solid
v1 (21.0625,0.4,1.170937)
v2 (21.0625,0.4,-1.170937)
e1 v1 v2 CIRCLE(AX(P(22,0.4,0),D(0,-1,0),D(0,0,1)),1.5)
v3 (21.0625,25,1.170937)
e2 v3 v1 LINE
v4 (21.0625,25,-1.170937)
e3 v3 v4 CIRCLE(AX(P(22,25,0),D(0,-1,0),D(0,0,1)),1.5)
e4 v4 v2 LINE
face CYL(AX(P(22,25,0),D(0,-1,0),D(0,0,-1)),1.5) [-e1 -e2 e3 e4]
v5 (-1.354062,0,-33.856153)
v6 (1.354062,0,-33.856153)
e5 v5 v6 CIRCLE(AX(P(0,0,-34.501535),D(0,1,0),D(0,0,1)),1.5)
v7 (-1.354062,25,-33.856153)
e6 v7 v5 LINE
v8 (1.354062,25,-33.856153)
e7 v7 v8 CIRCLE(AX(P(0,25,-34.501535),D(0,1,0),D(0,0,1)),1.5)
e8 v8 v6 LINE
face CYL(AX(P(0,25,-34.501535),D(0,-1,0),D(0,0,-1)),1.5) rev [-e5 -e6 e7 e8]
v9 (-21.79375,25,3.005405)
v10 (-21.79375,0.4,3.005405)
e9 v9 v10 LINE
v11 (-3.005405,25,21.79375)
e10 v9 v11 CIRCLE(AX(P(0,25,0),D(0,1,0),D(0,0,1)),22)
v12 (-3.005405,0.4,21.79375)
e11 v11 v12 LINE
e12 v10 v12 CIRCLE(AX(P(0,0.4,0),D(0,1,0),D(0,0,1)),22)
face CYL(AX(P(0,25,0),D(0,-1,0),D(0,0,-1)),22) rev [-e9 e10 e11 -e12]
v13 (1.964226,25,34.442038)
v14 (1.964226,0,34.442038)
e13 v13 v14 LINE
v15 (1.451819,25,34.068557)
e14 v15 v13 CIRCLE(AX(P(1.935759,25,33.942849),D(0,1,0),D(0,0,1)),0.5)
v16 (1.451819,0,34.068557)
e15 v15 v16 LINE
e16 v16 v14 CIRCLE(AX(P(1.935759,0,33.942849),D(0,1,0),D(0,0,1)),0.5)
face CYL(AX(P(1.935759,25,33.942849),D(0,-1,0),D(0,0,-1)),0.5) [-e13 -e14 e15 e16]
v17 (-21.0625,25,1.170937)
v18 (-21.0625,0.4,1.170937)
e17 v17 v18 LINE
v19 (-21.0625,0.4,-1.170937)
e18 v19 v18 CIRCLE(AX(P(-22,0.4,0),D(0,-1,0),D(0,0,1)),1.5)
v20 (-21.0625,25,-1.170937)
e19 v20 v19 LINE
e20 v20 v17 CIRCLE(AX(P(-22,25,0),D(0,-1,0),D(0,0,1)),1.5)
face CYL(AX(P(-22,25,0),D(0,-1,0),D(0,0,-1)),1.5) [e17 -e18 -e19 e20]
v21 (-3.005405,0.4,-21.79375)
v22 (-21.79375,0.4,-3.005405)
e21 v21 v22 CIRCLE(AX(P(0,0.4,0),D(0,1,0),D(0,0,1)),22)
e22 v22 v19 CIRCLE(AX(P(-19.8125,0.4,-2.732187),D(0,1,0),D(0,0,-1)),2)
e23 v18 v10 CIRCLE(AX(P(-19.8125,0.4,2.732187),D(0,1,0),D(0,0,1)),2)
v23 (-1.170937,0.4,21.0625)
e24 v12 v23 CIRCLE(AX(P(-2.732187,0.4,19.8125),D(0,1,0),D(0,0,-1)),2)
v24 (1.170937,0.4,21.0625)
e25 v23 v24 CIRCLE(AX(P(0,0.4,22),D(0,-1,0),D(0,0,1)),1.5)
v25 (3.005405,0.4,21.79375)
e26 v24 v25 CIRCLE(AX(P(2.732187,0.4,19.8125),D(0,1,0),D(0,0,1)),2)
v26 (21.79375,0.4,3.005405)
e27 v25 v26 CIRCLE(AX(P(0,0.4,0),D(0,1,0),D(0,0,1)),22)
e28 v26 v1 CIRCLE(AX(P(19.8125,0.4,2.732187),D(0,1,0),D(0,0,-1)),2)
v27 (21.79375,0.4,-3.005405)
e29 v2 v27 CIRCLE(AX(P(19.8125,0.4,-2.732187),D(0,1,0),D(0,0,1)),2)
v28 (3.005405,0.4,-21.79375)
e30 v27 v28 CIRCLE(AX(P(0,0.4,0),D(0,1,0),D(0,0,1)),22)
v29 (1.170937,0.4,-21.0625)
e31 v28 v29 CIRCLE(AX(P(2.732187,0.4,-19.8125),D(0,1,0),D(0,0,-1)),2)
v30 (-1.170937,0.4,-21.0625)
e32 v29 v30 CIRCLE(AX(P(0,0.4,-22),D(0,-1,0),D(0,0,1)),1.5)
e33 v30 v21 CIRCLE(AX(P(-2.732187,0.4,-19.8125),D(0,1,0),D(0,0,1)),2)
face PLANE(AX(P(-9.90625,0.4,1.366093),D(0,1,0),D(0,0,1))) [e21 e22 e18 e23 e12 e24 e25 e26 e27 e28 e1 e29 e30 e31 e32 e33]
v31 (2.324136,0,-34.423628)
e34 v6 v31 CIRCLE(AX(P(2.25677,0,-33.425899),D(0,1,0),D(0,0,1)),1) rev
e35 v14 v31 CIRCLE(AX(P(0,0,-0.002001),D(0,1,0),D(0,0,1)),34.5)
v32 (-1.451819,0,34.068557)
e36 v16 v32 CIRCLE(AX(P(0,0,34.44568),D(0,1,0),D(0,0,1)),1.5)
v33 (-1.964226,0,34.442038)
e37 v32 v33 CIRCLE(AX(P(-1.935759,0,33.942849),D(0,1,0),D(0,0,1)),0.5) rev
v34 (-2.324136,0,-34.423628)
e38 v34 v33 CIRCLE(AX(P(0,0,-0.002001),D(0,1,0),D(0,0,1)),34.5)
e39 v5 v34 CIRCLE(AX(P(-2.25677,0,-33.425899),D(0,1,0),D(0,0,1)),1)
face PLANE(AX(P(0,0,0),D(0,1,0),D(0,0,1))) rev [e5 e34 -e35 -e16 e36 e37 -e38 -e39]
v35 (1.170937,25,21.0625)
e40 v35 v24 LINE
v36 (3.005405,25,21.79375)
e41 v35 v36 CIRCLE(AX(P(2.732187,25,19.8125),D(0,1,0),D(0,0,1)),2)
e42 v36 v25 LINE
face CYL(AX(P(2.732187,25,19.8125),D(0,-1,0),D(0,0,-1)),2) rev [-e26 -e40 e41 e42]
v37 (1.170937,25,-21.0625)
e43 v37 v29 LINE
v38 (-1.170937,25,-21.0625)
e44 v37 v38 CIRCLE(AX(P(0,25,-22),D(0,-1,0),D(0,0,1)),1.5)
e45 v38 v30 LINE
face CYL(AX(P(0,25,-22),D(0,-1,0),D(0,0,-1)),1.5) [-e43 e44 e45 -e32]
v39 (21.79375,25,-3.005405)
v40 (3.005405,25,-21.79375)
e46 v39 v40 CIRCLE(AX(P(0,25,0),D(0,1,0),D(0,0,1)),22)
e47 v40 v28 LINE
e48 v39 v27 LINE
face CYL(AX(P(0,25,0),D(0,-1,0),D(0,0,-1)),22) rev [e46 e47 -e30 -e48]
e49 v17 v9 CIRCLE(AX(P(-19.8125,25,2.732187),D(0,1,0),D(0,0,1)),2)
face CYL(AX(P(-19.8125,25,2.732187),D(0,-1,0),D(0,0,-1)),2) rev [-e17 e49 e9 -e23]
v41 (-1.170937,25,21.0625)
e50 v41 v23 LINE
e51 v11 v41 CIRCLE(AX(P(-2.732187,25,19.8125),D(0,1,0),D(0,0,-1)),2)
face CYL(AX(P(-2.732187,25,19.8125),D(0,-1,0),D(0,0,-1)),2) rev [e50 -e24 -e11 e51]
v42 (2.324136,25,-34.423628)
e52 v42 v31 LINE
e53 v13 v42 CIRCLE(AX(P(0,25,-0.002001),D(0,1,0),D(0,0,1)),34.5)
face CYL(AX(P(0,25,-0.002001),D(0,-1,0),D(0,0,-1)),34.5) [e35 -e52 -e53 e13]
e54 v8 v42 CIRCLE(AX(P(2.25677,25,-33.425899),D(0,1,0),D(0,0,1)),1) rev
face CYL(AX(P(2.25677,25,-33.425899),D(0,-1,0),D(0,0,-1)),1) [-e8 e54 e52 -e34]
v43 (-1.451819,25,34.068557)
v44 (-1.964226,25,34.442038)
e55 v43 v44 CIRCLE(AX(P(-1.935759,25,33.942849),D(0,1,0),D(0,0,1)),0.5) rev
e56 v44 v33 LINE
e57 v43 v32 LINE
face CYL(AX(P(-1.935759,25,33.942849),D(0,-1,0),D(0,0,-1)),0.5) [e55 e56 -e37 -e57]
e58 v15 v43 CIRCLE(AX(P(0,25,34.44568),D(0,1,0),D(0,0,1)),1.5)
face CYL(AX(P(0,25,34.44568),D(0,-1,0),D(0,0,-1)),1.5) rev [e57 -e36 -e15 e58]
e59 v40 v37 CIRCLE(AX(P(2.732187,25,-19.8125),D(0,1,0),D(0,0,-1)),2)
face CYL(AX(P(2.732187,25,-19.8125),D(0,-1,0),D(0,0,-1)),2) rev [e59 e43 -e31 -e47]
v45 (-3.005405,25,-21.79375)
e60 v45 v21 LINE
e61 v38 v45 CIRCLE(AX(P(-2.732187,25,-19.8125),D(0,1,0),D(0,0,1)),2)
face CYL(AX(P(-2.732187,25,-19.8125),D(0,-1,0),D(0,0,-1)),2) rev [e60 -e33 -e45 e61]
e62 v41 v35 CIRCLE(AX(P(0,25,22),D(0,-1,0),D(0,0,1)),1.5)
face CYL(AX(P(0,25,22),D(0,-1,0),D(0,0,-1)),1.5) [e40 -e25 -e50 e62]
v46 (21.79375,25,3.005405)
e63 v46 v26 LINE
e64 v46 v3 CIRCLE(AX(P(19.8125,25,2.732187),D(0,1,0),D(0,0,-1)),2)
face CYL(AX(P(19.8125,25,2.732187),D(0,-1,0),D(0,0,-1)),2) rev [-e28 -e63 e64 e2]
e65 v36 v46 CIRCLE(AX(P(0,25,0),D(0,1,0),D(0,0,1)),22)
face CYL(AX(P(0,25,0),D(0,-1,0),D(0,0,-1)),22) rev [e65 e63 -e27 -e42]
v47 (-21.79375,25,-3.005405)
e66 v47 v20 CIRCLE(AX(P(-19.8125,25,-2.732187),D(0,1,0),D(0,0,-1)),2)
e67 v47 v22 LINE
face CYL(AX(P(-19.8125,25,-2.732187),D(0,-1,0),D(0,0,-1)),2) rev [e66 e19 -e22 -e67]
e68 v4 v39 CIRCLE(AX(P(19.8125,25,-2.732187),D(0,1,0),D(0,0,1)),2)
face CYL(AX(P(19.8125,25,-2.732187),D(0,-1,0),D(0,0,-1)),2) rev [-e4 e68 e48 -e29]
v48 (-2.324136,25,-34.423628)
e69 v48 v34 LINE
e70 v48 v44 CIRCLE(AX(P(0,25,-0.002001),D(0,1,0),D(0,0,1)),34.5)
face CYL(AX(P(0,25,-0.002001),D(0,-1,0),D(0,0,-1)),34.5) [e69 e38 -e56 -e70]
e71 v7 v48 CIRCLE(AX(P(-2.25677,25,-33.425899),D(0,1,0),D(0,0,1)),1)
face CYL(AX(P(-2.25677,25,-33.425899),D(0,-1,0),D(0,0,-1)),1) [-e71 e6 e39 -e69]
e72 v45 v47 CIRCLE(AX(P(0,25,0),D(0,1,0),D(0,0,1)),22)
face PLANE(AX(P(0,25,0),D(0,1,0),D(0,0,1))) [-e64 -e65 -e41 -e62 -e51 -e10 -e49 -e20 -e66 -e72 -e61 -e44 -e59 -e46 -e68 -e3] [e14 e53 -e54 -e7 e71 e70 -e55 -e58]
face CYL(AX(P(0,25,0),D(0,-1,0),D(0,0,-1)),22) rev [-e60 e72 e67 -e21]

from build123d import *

# Parameters (mm, degrees)
BOSS_EXTRUDE1_DEPTH = 25
CUT_EXTRUDE2_DEPTH  = 26
BOSS_EXTRUDE2_DEPTH = 0.4


with BuildPart() as part:
    # Sketch1 → Boss-Extrude1 (new body)
    with BuildSketch(Plane(origin=(0, 0, 0), x_dir=(1, 0, 0), z_dir=(0, 1, 0))):
        with BuildLine():
            ThreePointArc((1.451818925, -34.068556857), (1.641248992, -34.346908706), (1.964225605, -34.442038138))
            ThreePointArc((1.964225605, -34.442038138), (26.591847487, -21.978073076), (34.198225299, 4.555174015))
            ThreePointArc((34.198225299, 4.555174015), (23.590291339, 25.176355888), (2.324135821, 34.423627607))
            ThreePointArc((2.324135821, 34.423627607), (1.751838249, 34.289058819), (1.354061739, 33.856153382))
            ThreePointArc((1.354061739, 33.856153382), (0, 33.001534515), (-1.354061739, 33.856153382))
            ThreePointArc((-1.354061739, 33.856153382), (-1.751838249, 34.289058819), (-2.324135821, 34.423627607))
            ThreePointArc((-2.324135821, 34.423627607), (-23.590291339, 25.176355888), (-34.198225299, 4.555174015))
            ThreePointArc((-34.198225299, 4.555174015), (-26.591847487, -21.978073076), (-1.964225605, -34.442038138))
            ThreePointArc((-1.964225605, -34.442038138), (-1.641248992, -34.346908706), (-1.451818925, -34.068556857))
            ThreePointArc((-1.451818925, -34.068556857), (0, -32.945679925), (1.451818925, -34.068556857))
        make_face()
        with BuildLine():
            Line((-2.417, 3.787737139), (0, 3.787737139))
            Line((0, 3.787737139), (2.417, 3.787737139))
            ThreePointArc((2.417, 3.787737139), (0, -4.489512172), (-2.417, 3.787737139))
        make_face(mode=Mode.SUBTRACT)
    extrude(amount=BOSS_EXTRUDE1_DEPTH)

    # Sketch2 → Cut-Extrude2 (cut, through all)
    with BuildSketch(Plane(origin=(0, 0, 0), x_dir=(1, 0, 0), z_dir=(0, 1, 0))):
        with BuildLine():
            ThreePointArc((-21.79375, -3.005405287), (-15.556349186, -15.556349186), (-3.005405287, -21.79375))
            ThreePointArc((-3.005405287, -21.79375), (-1.991620962, -21.670338125), (-1.170937125, -21.0625))
            ThreePointArc((-1.170937125, -21.0625), (0, -20.5), (1.170937125, -21.0625))
            ThreePointArc((1.170937125, -21.0625), (1.991620962, -21.670338125), (3.005405287, -21.79375))
            ThreePointArc((3.005405287, -21.79375), (15.556349186, -15.556349186), (21.79375, -3.005405287))
            ThreePointArc((21.79375, -3.005405287), (21.670338125, -1.991620962), (21.0625, -1.170937125))
            ThreePointArc((21.0625, -1.170937125), (20.5, 0), (21.0625, 1.170937125))
            ThreePointArc((21.0625, 1.170937125), (21.670338125, 1.991620962), (21.79375, 3.005405287))
            ThreePointArc((21.79375, 3.005405287), (15.556349186, 15.556349186), (3.005405287, 21.79375))
            ThreePointArc((3.005405287, 21.79375), (1.991620962, 21.670338125), (1.170937125, 21.0625))
            ThreePointArc((1.170937125, 21.0625), (0, 20.5), (-1.170937125, 21.0625))
            ThreePointArc((-1.170937125, 21.0625), (-1.991620962, 21.670338125), (-3.005405287, 21.79375))
            ThreePointArc((-3.005405287, 21.79375), (-15.556349186, 15.556349186), (-21.79375, 3.005405287))
            ThreePointArc((-21.79375, 3.005405287), (-21.670338125, 1.991620962), (-21.0625, 1.170937125))
            ThreePointArc((-21.0625, 1.170937125), (-20.5, 0), (-21.0625, -1.170937125))
            ThreePointArc((-21.0625, -1.170937125), (-21.670338125, -1.991620962), (-21.79375, -3.005405287))
        make_face()
    extrude(amount=CUT_EXTRUDE2_DEPTH, mode=Mode.SUBTRACT)

    # Sketch2<2> → Boss-Extrude2 (add)
    with BuildSketch(Plane(origin=(0, 0, 0), x_dir=(1, 0, 0), z_dir=(0, 1, 0))):
        with BuildLine():
            ThreePointArc((-21.79375, -3.005405287), (-15.556349186, -15.556349186), (-3.005405287, -21.79375))
            ThreePointArc((-3.005405287, -21.79375), (-1.991620962, -21.670338125), (-1.170937125, -21.0625))
            ThreePointArc((-1.170937125, -21.0625), (0, -20.5), (1.170937125, -21.0625))
            ThreePointArc((1.170937125, -21.0625), (1.991620962, -21.670338125), (3.005405287, -21.79375))
            ThreePointArc((3.005405287, -21.79375), (15.556349186, -15.556349186), (21.79375, -3.005405287))
            ThreePointArc((21.79375, -3.005405287), (21.670338125, -1.991620962), (21.0625, -1.170937125))
            ThreePointArc((21.0625, -1.170937125), (20.5, 0), (21.0625, 1.170937125))
            ThreePointArc((21.0625, 1.170937125), (21.670338125, 1.991620962), (21.79375, 3.005405287))
            ThreePointArc((21.79375, 3.005405287), (15.556349186, 15.556349186), (3.005405287, 21.79375))
            ThreePointArc((3.005405287, 21.79375), (1.991620962, 21.670338125), (1.170937125, 21.0625))
            ThreePointArc((1.170937125, 21.0625), (0, 20.5), (-1.170937125, 21.0625))
            ThreePointArc((-1.170937125, 21.0625), (-1.991620962, 21.670338125), (-3.005405287, 21.79375))
            ThreePointArc((-3.005405287, 21.79375), (-15.556349186, 15.556349186), (-21.79375, 3.005405287))
            ThreePointArc((-21.79375, 3.005405287), (-21.670338125, 1.991620962), (-21.0625, 1.170937125))
            ThreePointArc((-21.0625, 1.170937125), (-20.5, 0), (-21.0625, -1.170937125))
            ThreePointArc((-21.0625, -1.170937125), (-21.670338125, -1.991620962), (-21.79375, -3.005405287))
        make_face()
    extrude(amount=BOSS_EXTRUDE2_DEPTH)


solid = part.part
